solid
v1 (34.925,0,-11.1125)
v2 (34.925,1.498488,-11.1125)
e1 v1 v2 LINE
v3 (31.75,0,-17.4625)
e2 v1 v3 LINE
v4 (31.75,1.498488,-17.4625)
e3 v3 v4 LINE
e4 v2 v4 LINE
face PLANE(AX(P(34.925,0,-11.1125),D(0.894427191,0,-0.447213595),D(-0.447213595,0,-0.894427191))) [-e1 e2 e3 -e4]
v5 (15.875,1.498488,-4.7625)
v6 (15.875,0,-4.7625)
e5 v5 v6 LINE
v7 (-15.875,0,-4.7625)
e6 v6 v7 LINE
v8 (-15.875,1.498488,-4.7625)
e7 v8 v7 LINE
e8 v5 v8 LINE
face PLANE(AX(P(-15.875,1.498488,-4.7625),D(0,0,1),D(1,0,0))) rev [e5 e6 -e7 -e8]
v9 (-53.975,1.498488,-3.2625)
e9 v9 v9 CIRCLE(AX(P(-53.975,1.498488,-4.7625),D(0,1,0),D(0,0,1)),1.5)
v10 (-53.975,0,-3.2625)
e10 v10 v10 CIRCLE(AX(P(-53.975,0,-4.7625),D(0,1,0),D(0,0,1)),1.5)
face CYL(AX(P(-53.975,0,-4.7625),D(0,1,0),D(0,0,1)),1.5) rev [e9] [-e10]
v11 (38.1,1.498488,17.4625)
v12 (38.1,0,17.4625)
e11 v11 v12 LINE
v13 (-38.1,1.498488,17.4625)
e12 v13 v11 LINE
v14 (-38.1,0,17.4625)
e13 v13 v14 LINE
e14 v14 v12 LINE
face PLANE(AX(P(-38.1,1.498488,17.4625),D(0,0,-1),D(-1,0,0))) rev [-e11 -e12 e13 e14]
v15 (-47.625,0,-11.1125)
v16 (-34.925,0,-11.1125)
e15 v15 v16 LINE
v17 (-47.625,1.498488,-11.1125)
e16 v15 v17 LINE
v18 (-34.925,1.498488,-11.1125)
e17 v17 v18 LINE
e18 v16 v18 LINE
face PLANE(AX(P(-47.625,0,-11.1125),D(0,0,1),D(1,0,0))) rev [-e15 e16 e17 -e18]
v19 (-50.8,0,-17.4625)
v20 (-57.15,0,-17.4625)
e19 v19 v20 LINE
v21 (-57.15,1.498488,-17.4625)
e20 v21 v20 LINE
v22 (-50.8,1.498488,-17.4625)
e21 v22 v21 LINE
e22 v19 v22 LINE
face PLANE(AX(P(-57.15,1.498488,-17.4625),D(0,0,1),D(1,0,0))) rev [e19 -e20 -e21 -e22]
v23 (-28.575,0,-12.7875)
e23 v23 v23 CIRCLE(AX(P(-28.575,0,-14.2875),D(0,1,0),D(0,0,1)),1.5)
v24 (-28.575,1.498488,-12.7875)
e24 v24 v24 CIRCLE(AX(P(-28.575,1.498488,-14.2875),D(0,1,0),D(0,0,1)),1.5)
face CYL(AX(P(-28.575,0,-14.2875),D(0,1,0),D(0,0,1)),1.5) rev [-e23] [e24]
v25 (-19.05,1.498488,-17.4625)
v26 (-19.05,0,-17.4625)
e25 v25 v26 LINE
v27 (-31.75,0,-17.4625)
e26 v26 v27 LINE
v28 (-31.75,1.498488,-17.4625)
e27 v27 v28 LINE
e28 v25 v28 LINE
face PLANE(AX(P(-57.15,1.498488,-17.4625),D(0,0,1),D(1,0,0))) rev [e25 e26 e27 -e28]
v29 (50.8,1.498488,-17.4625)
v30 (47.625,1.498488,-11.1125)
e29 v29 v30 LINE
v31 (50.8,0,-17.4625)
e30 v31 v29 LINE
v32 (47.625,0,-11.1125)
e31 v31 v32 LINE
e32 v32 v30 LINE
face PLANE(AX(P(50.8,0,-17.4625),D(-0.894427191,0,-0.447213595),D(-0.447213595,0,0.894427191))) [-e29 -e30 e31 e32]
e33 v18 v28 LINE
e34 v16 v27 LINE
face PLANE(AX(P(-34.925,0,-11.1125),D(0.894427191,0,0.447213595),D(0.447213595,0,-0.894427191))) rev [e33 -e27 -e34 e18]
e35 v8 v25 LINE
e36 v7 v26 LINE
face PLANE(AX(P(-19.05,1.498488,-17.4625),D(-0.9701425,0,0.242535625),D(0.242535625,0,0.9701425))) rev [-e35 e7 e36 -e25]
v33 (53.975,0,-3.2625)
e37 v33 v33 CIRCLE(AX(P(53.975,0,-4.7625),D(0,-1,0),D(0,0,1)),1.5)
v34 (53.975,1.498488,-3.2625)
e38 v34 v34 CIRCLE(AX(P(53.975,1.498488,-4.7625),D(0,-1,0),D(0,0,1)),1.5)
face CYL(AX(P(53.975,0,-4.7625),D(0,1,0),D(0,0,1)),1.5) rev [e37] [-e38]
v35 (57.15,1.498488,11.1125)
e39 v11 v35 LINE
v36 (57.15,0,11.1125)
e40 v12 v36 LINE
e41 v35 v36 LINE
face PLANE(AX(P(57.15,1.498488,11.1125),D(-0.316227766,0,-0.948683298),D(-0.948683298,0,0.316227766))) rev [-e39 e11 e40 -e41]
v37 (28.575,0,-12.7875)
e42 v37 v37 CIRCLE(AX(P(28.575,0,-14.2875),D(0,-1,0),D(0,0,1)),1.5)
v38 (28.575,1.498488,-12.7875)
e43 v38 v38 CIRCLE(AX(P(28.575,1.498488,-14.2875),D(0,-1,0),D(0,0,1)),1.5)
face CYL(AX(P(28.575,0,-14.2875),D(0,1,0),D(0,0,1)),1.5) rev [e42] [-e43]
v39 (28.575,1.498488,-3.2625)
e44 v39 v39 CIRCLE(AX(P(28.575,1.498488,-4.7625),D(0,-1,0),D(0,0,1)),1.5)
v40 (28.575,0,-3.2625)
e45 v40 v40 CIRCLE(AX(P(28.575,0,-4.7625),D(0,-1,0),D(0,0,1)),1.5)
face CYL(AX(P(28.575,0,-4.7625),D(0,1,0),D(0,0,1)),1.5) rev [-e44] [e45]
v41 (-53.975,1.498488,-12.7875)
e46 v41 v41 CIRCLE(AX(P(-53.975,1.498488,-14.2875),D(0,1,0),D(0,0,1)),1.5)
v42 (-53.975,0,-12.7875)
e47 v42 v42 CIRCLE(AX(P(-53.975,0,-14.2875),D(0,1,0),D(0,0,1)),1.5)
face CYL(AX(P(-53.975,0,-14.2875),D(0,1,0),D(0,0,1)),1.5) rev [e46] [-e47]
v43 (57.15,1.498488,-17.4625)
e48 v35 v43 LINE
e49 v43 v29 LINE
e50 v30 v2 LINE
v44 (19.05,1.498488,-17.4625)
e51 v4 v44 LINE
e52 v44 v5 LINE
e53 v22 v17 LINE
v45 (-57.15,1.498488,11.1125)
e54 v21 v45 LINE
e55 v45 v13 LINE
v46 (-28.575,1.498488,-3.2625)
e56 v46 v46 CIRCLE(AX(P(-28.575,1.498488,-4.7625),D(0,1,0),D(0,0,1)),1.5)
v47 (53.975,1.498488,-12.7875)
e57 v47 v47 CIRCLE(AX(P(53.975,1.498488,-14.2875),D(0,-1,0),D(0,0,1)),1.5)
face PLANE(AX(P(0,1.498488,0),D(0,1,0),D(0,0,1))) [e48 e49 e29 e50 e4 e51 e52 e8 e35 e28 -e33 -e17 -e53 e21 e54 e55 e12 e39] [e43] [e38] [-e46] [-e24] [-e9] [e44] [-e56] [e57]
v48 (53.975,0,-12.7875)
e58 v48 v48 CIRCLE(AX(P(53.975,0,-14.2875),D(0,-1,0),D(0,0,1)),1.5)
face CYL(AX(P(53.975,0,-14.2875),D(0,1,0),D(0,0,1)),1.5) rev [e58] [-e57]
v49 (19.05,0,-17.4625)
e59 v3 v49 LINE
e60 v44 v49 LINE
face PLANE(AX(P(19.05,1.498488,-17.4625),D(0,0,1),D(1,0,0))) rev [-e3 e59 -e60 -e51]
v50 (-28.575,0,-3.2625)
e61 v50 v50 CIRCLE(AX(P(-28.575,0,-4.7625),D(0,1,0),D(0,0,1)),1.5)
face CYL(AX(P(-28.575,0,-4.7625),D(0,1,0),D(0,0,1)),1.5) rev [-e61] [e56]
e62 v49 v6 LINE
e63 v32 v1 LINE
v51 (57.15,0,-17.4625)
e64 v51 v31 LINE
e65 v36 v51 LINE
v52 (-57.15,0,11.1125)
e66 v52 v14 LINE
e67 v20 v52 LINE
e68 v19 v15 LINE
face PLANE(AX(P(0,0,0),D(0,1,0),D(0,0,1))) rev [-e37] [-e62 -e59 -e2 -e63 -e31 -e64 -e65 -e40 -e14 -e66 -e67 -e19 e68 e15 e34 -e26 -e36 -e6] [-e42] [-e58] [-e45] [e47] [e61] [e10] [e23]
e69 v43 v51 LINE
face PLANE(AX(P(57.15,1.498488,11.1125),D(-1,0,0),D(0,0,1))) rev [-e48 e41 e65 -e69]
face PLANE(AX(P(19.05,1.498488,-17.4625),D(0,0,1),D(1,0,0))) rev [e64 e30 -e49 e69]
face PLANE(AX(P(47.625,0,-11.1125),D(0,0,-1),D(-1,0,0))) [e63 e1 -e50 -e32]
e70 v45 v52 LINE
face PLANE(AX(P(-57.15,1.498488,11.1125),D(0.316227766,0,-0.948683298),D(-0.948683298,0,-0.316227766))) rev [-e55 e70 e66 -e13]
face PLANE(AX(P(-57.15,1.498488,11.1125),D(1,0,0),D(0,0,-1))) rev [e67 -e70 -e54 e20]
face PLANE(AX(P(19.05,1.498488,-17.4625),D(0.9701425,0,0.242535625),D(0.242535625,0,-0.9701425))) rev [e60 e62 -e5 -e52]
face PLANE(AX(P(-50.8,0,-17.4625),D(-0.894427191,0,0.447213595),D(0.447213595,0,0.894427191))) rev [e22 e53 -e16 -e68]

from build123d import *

# Parameters (mm, degrees)
BOSS_EXTRUDE1_DEPTH     = 1.498487888
SKETCH2_R               = 1.5
CUT_EXTRUDE1_DEPTH      = 2.498487888
CUT_EXTRUDE2_DEPTH      = 2.498487888
LPATTERN1_COUNT         = 2
LPATTERN1_PITCH         = 9.525
MIRROR1_COPY_1_SKETCH_R = 1.5
MIRROR1_COPY_1_DEPTH    = 2.498487888


with BuildPart() as part:
    # Sketch1 → Boss-Extrude1 (new body)
    with BuildSketch(Plane(origin=(0, 0, 0), x_dir=(1, 0, 0), z_dir=(0, 1, 0))):
        Polygon((-57.15, -11.1125), (-38.1, -17.4625), (38.1, -17.4625), (57.15, -11.1125), (57.15, 17.4625), (19.05, 17.4625), (15.875, 4.7625), (-15.875, 4.7625), (-19.05, 17.4625), (-57.15, 17.4625), align=None)
    extrude(amount=BOSS_EXTRUDE1_DEPTH)

    # Sketch2 → Cut-Extrude1 (cut, through all)
    with BuildSketch(Plane(origin=(0, 1.498487888, 0), x_dir=(1, 0, 0), z_dir=(0, 1, 0))):
        with Locations((-53.975, 14.2875)):
            Circle(SKETCH2_R)
        with Locations((-28.575, 14.2875)):
            Circle(SKETCH2_R)
    cut_extrude1 = extrude(amount=-CUT_EXTRUDE1_DEPTH, mode=Mode.SUBTRACT)

    # Sketch5 → Cut-Extrude2 (cut, through all)
    with BuildSketch(Plane(origin=(0, 1.498487888, 0), x_dir=(1, 0, 0), z_dir=(0, 1, 0))):
        Polygon((-50.8, 17.4625), (-47.625, 11.1125), (-34.925, 11.1125), (-31.75, 17.4625), align=None)
    cut_extrude2 = extrude(amount=-CUT_EXTRUDE2_DEPTH, mode=Mode.SUBTRACT)

    # LPattern1: Cut-Extrude1 ×2
    with Locations(*[(0, 0, i * LPATTERN1_PITCH) for i in range(1, LPATTERN1_COUNT)]):
        add(cut_extrude1, mode=Mode.SUBTRACT)

    # Mirror1: Cut-Extrude2, Cut-Extrude1 across plane
    add(cut_extrude2.mirror(Plane(origin=(0, 0, 0), x_dir=(0, 0, 1), z_dir=(1, 0, 0))), mode=Mode.SUBTRACT)
    add(cut_extrude1.mirror(Plane(origin=(0, 0, 0), x_dir=(0, 0, 1), z_dir=(1, 0, 0))), mode=Mode.SUBTRACT)

    # Mirror1 copy 1 sketch → Mirror1 copy 1 (cut, through all)
    with BuildSketch(Plane(origin=(0, 1.498487888, 9.525), x_dir=(-1, 0, 0), z_dir=(0, 1, 0))):
        with Locations((-53.975, -14.2875)):
            Circle(MIRROR1_COPY_1_SKETCH_R)
        with Locations((-28.575, -14.2875)):
            Circle(MIRROR1_COPY_1_SKETCH_R)
    extrude(amount=-MIRROR1_COPY_1_DEPTH, mode=Mode.SUBTRACT)


solid = part.part
